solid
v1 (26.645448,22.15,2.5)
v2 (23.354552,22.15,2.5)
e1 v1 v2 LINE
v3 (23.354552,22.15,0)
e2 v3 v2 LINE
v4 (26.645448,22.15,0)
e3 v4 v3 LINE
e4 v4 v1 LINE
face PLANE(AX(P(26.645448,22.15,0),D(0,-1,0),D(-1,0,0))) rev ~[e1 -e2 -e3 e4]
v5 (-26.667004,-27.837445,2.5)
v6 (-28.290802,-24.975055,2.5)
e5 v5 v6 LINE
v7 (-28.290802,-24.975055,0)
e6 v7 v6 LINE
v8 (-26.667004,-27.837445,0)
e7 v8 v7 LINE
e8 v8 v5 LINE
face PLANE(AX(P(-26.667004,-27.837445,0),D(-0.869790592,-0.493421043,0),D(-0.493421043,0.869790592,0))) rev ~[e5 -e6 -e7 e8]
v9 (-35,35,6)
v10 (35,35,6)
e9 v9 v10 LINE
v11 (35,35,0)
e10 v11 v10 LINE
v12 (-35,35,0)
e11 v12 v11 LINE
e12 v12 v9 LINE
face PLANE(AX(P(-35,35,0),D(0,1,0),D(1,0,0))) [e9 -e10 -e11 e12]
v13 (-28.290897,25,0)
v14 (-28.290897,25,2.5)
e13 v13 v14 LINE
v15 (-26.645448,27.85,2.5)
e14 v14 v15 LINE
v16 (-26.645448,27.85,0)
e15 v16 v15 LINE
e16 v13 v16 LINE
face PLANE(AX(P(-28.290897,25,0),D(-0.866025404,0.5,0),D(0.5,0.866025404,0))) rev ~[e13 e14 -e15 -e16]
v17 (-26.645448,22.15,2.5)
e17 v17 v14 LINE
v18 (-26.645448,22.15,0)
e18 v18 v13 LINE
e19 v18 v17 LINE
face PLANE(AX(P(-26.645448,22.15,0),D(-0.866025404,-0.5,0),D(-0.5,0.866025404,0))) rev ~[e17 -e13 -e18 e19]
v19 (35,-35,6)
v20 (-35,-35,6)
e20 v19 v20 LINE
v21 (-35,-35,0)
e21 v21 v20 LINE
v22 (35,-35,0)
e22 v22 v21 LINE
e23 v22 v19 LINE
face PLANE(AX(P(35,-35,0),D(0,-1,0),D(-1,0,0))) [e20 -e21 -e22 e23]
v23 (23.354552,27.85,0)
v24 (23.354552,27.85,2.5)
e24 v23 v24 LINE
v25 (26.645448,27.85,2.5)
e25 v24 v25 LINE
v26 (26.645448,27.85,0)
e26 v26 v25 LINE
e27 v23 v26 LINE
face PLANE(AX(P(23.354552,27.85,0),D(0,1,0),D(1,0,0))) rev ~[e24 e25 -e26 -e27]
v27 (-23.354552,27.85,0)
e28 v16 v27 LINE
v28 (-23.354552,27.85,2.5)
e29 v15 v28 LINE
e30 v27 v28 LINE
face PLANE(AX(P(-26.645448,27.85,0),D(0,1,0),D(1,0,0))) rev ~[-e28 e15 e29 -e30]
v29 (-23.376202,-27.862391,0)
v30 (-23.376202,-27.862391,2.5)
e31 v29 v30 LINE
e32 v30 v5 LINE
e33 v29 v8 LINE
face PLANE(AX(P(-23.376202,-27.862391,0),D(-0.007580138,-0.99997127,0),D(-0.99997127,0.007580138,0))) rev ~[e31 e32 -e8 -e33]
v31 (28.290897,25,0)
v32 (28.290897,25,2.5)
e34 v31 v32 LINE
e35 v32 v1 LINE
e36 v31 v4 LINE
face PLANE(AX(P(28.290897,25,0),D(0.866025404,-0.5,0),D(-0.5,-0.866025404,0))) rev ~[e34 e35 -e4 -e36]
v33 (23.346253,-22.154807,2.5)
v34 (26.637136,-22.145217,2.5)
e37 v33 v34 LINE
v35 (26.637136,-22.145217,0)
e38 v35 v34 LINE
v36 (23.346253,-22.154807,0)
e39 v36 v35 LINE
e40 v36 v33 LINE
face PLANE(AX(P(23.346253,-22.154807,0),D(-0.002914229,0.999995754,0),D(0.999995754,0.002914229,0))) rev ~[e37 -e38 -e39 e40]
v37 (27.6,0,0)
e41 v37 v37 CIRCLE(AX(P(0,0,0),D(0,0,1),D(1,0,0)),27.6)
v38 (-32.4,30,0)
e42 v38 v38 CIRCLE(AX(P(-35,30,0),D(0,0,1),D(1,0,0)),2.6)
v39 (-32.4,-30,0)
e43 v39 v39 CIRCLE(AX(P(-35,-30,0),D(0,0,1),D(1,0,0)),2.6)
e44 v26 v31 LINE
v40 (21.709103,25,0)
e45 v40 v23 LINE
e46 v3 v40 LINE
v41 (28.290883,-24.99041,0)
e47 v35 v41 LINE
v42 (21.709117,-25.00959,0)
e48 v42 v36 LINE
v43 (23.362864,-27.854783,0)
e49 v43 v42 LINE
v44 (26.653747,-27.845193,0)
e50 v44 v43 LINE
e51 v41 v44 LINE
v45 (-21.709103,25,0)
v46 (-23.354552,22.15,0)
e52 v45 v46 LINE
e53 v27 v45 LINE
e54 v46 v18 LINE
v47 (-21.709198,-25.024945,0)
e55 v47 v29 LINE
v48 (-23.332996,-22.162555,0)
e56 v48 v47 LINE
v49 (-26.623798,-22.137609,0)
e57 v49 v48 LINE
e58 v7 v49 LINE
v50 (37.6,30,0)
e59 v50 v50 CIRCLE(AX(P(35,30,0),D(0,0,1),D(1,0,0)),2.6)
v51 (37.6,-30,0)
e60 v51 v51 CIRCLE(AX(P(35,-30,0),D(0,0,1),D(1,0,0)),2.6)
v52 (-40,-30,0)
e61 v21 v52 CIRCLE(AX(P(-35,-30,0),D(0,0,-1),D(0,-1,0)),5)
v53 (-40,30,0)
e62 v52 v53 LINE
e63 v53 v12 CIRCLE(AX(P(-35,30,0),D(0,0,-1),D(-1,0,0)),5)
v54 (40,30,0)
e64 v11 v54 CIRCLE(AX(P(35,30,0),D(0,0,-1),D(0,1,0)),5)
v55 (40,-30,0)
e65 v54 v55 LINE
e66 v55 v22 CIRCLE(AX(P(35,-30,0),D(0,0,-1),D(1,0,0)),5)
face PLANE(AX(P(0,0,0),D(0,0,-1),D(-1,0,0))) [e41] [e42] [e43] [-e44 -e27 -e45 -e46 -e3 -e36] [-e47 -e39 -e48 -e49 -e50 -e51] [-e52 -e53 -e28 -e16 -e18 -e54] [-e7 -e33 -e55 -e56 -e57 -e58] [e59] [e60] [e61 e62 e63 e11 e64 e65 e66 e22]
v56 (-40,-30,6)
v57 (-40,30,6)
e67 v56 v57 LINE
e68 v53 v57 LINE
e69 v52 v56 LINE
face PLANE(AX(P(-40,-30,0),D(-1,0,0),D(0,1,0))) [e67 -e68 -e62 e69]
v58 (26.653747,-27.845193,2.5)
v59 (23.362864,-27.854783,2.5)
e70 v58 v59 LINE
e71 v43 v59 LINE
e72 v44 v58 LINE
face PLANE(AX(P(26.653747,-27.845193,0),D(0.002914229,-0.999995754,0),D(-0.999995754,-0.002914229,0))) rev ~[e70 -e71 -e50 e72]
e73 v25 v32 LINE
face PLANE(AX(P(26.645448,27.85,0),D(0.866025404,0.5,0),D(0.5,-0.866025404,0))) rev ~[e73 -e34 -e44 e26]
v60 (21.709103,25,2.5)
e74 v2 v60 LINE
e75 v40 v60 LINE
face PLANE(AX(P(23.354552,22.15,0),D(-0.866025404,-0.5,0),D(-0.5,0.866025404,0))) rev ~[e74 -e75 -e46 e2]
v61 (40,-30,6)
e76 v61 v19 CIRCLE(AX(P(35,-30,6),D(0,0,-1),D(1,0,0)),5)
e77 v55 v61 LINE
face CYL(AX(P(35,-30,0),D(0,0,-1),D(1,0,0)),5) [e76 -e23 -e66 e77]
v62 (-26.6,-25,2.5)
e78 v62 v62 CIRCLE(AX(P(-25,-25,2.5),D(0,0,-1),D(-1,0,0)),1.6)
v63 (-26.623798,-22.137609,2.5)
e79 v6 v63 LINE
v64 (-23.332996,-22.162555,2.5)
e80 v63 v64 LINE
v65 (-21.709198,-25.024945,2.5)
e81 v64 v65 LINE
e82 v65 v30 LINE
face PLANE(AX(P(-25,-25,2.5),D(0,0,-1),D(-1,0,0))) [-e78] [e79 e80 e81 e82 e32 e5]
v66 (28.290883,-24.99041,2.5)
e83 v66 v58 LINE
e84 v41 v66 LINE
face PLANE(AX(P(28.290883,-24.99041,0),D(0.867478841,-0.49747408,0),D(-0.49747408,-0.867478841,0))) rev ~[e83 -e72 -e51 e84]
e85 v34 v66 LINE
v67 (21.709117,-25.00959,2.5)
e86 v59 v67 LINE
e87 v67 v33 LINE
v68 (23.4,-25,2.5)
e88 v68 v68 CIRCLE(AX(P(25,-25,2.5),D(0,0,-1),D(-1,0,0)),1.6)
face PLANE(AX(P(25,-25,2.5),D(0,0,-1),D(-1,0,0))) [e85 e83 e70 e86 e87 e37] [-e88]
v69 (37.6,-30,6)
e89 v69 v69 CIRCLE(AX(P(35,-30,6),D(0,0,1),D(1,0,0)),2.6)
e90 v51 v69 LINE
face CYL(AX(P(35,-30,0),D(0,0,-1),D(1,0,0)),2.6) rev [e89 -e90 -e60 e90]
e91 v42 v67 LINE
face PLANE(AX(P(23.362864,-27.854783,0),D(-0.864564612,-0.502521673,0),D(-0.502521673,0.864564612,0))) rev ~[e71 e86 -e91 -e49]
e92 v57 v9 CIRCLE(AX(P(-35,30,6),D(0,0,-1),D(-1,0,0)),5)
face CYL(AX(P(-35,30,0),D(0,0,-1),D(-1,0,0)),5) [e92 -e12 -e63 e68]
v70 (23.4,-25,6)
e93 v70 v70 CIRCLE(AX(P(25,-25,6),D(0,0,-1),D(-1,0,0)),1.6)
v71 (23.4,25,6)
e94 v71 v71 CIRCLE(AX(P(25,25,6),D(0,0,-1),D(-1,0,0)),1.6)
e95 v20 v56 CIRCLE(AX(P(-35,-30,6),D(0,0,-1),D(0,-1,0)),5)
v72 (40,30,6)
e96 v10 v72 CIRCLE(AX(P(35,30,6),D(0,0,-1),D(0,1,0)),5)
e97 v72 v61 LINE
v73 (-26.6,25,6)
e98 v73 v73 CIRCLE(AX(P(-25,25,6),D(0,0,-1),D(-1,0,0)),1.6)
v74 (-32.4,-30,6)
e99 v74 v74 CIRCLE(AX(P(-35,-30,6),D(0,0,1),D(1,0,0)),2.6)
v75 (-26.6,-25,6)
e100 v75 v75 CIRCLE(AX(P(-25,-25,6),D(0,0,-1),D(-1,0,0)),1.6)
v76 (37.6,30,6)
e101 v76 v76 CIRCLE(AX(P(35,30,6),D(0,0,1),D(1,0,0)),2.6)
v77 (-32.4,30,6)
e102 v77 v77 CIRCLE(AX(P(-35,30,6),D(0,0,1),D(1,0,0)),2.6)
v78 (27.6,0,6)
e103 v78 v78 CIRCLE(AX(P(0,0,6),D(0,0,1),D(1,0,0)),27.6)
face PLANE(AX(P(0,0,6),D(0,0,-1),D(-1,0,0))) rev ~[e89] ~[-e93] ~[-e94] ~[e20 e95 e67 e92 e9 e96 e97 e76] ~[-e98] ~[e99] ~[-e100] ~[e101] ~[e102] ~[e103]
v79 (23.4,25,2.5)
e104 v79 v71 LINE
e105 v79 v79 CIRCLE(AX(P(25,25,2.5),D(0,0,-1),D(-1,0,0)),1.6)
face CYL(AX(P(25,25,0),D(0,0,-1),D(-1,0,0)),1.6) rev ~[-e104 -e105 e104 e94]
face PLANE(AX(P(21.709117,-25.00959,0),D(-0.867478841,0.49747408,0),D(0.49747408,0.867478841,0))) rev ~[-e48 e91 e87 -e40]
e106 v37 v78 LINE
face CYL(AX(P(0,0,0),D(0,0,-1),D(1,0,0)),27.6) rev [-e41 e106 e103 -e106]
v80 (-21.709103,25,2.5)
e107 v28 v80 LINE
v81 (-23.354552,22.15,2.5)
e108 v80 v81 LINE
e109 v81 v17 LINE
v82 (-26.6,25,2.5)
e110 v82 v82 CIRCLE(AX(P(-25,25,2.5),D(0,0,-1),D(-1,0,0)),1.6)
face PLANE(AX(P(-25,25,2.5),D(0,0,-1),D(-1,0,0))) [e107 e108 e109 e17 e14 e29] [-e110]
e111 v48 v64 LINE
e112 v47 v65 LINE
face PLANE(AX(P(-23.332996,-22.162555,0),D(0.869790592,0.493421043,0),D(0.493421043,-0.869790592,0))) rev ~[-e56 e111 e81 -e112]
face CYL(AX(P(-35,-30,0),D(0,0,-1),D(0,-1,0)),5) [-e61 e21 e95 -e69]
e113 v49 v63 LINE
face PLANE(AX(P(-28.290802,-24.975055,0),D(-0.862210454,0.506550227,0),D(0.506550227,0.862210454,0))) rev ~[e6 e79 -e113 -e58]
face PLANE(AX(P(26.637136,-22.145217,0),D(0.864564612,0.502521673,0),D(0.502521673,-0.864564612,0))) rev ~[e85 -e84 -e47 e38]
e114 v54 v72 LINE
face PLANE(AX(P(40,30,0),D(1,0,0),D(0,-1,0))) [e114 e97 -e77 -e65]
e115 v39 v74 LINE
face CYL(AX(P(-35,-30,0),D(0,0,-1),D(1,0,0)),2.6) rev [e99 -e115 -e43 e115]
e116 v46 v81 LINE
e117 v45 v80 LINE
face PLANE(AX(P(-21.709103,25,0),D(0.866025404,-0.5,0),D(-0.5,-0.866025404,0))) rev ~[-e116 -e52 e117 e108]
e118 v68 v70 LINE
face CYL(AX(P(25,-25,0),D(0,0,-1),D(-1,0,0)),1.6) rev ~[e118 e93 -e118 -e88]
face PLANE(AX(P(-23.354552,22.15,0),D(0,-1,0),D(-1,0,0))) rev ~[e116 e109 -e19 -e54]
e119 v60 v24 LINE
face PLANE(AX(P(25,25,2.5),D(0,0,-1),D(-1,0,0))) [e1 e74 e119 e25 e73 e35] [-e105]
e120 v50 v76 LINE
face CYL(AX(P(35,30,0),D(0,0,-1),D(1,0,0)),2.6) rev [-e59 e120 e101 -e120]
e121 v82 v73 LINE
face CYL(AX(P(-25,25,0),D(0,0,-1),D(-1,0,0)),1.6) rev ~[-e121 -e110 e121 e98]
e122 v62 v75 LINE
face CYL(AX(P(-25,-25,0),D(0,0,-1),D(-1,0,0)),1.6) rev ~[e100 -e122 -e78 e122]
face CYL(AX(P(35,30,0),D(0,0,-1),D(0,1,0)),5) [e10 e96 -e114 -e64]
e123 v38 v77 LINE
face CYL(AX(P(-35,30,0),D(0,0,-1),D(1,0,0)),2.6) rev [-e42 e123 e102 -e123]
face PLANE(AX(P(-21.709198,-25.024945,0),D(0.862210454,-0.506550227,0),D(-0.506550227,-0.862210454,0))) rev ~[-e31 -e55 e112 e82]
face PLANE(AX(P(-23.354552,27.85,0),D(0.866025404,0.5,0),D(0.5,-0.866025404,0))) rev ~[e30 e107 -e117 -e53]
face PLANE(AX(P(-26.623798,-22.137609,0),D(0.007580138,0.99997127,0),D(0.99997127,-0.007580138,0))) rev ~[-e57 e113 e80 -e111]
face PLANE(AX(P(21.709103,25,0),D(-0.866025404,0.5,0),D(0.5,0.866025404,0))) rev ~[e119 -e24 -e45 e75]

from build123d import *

# Parameters (mm, degrees)
SKETCH1_R           = 27.6
SKETCH1_R_2         = 2.6
BOSS_EXTRUDE1_DEPTH = 6
SKETCH4_R           = 1.6
CUT_EXTRUDE2_DEPTH  = 54.488316481
CUT_EXTRUDE3_DEPTH  = 2.5


with BuildPart() as part:
    # Sketch1 → Boss-Extrude1 (new body)
    with BuildSketch(Plane.XY):
        with BuildLine():
            Line((-35, 35), (35, 35))
            ThreePointArc((35, 35), (38.535533906, 33.535533906), (40, 30))
            Line((40, 30), (40, -30))
            ThreePointArc((40, -30), (38.535533906, -33.535533906), (35, -35))
            Line((35, -35), (-35, -35))
            ThreePointArc((-35, -35), (-38.535533906, -33.535533906), (-40, -30))
            Line((-40, -30), (-40, 30))
            ThreePointArc((-40, 30), (-38.535533906, 33.535533906), (-35, 35))
        make_face()
        Circle(SKETCH1_R, mode=Mode.SUBTRACT)
        with Locations((-35, 30)):
            Circle(SKETCH1_R_2, mode=Mode.SUBTRACT)
        with Locations((-35, -30)):
            Circle(SKETCH1_R_2, mode=Mode.SUBTRACT)
        with Locations((35, -30)):
            Circle(SKETCH1_R_2, mode=Mode.SUBTRACT)
        with Locations((35, 30)):
            Circle(SKETCH1_R_2, mode=Mode.SUBTRACT)
    extrude(amount=BOSS_EXTRUDE1_DEPTH)

    # Sketch4 → Cut-Extrude2 (cut, through all)
    with BuildSketch(Plane(origin=(0, 0, 0), x_dir=(-1, 0, 0), z_dir=(0, 0, -1))):
        with Locations((-25, 25)):
            Circle(SKETCH4_R)
        with Locations((25, 25)):
            Circle(SKETCH4_R)
        with Locations((-25, -25)):
            Circle(SKETCH4_R)
        with Locations((25, -25)):
            Circle(SKETCH4_R)
    extrude(amount=-CUT_EXTRUDE2_DEPTH, mode=Mode.SUBTRACT)

    # Sketch5 → Cut-Extrude3 (cut)
    with BuildSketch(Plane(origin=(0, 0, 0), x_dir=(-1, 0, 0), z_dir=(0, 0, -1))):
        Polygon((-28.290896534, 25), (-26.645448267, 22.15), (-23.354551733, 22.15), (-21.709103466, 25), (-23.354551733, 27.85), (-26.645448267, 27.85), align=None)
        Polygon((21.709103466, 25), (23.354551733, 22.15), (26.645448267, 22.15), (28.290896534, 25), (26.645448267, 27.85), (23.354551733, 27.85), align=None)
        Polygon((-28.29088256, -24.990409574), (-26.653746833, -27.845192685), (-23.362864273, -27.854783111), (-21.70911744, -25.009590426), (-23.346253167, -22.154807315), (-26.637135727, -22.145216889), align=None)
        Polygon((28.290801988, -24.975054549), (26.6237976, -22.137609154), (23.332995612, -22.162554605), (21.709198012, -25.024945451), (23.3762024, -27.862390846), (26.667004388, -27.837445395), align=None)
    extrude(amount=-CUT_EXTRUDE3_DEPTH, mode=Mode.SUBTRACT)


solid = part.part
